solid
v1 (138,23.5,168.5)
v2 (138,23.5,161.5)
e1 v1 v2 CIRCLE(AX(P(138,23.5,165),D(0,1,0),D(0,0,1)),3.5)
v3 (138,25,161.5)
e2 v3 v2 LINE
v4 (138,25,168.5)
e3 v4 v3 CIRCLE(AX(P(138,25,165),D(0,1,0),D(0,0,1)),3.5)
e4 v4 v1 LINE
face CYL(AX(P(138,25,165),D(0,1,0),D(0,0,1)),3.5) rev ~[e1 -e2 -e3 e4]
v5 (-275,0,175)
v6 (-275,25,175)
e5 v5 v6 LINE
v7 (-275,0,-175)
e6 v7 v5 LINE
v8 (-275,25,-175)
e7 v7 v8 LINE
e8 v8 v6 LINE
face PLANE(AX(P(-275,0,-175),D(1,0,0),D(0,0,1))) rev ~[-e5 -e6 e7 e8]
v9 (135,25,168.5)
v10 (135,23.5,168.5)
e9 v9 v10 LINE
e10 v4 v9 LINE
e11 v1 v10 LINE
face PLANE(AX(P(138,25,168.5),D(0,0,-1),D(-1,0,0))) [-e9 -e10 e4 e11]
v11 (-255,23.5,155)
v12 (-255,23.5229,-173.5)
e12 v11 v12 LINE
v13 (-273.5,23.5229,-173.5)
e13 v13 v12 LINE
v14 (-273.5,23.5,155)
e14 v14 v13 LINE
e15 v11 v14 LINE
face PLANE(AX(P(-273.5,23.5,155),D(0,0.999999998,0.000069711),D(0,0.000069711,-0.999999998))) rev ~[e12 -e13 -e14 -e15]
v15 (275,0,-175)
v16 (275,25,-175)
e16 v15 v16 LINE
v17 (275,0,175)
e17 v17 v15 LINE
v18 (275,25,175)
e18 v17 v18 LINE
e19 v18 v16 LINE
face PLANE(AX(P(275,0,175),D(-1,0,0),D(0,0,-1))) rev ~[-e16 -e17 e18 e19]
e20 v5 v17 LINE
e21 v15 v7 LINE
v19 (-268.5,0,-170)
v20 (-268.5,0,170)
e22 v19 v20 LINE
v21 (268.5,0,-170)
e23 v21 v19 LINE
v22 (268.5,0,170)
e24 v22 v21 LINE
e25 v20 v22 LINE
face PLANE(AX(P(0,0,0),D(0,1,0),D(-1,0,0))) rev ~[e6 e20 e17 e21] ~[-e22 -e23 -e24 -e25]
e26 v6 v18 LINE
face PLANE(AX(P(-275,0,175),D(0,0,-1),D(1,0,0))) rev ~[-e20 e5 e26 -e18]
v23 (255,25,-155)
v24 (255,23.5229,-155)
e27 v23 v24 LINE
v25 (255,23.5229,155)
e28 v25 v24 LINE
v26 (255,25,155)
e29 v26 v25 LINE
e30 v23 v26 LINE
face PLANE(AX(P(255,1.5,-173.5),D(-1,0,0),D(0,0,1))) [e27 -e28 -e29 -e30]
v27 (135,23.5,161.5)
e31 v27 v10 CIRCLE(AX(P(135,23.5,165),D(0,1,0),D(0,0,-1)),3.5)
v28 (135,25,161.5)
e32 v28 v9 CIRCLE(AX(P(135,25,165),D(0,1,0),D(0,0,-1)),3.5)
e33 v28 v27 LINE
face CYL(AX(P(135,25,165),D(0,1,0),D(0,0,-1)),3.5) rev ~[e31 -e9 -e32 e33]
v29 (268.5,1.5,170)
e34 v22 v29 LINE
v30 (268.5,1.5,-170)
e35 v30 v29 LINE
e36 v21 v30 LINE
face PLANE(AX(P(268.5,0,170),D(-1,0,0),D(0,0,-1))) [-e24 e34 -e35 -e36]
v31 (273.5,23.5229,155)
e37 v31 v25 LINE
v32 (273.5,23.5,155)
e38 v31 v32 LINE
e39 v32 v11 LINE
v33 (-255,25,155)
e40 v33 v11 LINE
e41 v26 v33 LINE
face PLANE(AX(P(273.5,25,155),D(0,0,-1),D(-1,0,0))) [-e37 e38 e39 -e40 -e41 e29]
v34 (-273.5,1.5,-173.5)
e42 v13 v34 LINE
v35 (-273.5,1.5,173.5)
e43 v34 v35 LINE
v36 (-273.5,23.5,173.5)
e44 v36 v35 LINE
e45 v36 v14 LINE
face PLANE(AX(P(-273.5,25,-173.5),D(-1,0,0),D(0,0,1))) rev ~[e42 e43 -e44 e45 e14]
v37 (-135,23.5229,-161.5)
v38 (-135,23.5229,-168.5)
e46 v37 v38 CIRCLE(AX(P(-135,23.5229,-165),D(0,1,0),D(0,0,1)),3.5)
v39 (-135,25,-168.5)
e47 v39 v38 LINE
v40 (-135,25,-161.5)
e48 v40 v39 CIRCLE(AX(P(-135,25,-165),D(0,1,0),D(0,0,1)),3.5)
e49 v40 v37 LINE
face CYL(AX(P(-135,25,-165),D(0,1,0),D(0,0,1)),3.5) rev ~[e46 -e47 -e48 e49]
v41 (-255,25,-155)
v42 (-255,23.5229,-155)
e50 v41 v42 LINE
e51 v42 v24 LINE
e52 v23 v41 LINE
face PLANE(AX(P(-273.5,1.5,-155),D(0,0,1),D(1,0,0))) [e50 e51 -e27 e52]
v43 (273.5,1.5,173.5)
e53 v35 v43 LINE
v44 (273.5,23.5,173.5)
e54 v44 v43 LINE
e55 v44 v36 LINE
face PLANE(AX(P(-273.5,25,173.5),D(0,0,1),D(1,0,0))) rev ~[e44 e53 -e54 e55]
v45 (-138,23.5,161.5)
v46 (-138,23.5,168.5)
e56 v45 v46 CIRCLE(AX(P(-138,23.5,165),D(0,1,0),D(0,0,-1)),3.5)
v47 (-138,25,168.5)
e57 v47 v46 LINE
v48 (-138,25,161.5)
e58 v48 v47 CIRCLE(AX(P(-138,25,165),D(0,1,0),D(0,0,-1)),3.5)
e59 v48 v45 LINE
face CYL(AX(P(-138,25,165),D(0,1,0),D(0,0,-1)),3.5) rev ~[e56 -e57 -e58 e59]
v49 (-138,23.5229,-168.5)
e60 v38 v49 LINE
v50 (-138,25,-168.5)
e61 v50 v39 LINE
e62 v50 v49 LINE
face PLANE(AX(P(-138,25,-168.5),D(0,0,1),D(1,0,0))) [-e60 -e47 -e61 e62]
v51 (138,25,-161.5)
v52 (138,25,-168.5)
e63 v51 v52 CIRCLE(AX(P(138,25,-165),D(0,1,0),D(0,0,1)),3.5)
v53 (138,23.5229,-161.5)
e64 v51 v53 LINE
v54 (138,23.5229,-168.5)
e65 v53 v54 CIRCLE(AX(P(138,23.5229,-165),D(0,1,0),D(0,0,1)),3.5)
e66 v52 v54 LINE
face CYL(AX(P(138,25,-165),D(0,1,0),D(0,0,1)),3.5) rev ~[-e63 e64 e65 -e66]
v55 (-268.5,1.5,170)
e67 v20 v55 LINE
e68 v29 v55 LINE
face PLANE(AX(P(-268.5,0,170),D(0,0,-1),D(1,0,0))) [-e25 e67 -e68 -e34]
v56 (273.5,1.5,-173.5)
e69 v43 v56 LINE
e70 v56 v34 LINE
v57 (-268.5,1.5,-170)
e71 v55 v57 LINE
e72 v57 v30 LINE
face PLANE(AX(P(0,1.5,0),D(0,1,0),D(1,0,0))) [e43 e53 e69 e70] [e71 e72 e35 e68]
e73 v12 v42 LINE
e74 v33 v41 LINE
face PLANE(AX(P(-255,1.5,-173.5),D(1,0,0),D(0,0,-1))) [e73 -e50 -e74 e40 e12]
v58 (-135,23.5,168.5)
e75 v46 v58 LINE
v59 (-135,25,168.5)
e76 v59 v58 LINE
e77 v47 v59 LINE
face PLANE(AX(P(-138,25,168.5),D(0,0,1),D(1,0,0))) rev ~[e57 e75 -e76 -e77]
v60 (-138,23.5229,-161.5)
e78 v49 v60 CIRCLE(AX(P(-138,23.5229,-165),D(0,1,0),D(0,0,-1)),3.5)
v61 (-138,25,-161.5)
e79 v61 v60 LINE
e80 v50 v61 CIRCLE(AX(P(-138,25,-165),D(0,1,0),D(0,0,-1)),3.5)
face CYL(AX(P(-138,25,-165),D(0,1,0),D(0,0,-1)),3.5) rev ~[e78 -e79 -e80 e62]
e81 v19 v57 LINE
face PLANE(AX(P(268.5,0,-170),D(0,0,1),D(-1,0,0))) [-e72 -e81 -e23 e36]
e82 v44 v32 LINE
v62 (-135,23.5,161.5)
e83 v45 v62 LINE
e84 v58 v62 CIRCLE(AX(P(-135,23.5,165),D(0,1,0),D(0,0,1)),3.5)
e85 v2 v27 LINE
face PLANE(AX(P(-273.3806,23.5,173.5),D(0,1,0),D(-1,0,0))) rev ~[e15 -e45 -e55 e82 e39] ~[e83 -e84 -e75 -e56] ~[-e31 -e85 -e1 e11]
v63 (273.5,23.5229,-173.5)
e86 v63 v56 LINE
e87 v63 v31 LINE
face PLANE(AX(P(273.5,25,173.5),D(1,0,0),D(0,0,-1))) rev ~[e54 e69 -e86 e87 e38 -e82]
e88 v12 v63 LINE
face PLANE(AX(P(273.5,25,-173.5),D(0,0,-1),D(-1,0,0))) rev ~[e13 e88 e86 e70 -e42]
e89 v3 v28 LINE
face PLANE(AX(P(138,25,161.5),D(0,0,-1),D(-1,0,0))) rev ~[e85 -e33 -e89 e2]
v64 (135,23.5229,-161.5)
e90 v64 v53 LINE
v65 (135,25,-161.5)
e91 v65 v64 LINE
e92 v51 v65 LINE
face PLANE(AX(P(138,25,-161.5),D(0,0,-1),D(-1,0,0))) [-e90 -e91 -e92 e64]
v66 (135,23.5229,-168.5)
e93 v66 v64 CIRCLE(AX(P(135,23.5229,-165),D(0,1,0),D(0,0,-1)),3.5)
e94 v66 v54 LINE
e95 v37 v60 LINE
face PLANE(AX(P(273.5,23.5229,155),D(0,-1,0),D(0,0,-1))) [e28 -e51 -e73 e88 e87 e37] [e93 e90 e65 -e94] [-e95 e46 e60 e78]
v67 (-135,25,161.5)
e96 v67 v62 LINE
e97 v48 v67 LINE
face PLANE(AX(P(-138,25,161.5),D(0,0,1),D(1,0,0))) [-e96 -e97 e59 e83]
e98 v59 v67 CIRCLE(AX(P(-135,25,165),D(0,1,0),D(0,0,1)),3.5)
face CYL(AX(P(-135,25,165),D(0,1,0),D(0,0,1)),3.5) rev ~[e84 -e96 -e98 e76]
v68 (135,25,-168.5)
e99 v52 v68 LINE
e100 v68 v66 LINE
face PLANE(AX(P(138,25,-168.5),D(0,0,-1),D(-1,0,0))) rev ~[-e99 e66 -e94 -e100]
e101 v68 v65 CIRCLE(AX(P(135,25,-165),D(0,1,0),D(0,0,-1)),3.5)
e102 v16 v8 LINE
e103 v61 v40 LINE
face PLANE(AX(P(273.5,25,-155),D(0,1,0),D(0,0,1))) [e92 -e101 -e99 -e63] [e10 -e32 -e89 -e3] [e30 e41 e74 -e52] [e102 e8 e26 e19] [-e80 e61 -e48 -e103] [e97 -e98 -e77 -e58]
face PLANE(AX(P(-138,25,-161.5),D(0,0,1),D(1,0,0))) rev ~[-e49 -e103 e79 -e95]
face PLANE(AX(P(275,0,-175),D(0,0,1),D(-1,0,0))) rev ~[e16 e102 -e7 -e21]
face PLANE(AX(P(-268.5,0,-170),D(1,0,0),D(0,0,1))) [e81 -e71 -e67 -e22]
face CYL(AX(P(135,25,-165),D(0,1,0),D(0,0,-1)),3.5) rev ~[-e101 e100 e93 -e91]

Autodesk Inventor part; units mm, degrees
ref_plane "YZ Plane" through (0, 0, 0) normal (1, 0, 0) x (0, 1, 0)
ref_plane "XZ Plane" through (0, 0, 0) normal (0, 1, 0) x (-1, 0, 0)
ref_plane "XY Plane" through (0, 0, 0) normal (0, 0, 1) x (1, 0, 0)
sketch "Boceto1" plane through (0, 0, 0) normal (0, 1, 0) x (-1, 0, 0)
  line L0 (867.2697, 0) -> (-1087.5334, 0) construction
  line L1 (0, 1692.3308) -> (0, -1743.0334) construction
  line L2 (-275, -175) -> (275, -175)
  line L3 (275, -175) -> (275, 175)
  line L4 (275, 175) -> (-275, 175)
  line L5 (-275, 175) -> (-275, -175)
  line L6 (-275, -175) -> (275, 175) construction
  line L7 (275, -175) -> (-275, 175) construction
  point P0 (0, 0)
  dimension "d0" = 550
  dimension "d1" = 350
extrude "Extrusión1" add sketch "Boceto1" along normal blind 25
sketch "Boceto2" plane through (0, 25, 0) normal (0, 1, 0) x (1, 0, 0)
  line L0 (273.5, 173.5) -> (-273.5, 173.5)
  line L1 (-273.5, 173.5) -> (-273.5, -173.5)
  line L2 (-273.5, -173.5) -> (273.5, -173.5)
  line L3 (273.5, -173.5) -> (273.5, 173.5)
  line L4 (273.5, 173.5) -> (-273.5, -173.5) construction
  line L5 (-273.5, 173.5) -> (273.5, -173.5) construction
  line L6 (-275, 175) -> (-275, -175) projected
  line L7 (-275, -175) -> (275, -175) projected
  point P0 (0, 0)
  dimension "d4" = 1.5
  dimension "d5" = 1.5
extrude "Extrusión2" cut sketch "Boceto2" against normal blind 23.5
sketch "Boceto3" plane through (273.5, 25, 173.5) normal (0, 0, -1) x (-1, 0, 0)
  line L0 (0, 0) -> (547, 0) projected
  line L1 (547, 0) -> (0, 0)
  line L2 (0, 0) -> (0, -1.5)
  line L3 (0, -1.5) -> (546.8806, -1.5)
  line L4 (546.8806, -1.5) -> (547, -1.5)
  line L5 (547, -1.5) -> (547, 0)
  point P0 (273.5, -25)
  dimension "d8" = 1.5
extrude "Extrusión3" add sketch "Boceto3" along normal blind 18.5
sketch "Boceto4" plane through (-273.5, 1.5, -173.5) normal (1, 0, 0) x (0, 0, -1)
  line L0 (-328.5, 23.5) -> (0, 23.5) projected
  line L1 (-328.5, 23.5) -> (-328.5, 22) projected
  line L2 (0, 23.5) -> (-328.5, 23.5)
  line L3 (-328.5, 23.5) -> (-328.5, 22)
  line L4 (-328.5, 22) -> (0, 22.0229)
  line L5 (0, 23.5) -> (0, 0) projected
  point P0 (-173.5, -1.5)
  dimension "d11" = 1.5
extrude "Extrusión4" add sketch "Boceto4" along normal blind 18.5
sketch "Boceto5" plane through (-273.5, 1.5, -173.5) normal (0, 0, 1) x (1, 0, 0)
  line L0 (548.5, 23.5) -> (-1.5, 23.5) projected
  line L1 (546.9606, 23.5) -> (18.5241, 23.5)
  line L2 (18.5, 23.5) -> (18.5, 22.0229) projected
  line L3 (18.5, 22.0229) -> (547, 22.0229)
  line L4 (547, 23.5) -> (547, 0) projected
  line L5 (547, 23.5) -> (546.9606, 23.5)
  point P0 (273.5, -1.5)
extrude "Extrusión5" add sketch "Boceto5" along normal blind 18.5
sketch "Boceto6" plane through (273.5, 1.5, -173.5) normal (-1, 0, 0) x (0, 0, 1)
  line L0 (18.5, 23.5) -> (328.5, 23.5) projected
  line L1 (18.5, 23.5) -> (328.5, 23.5)
  line L2 (328.5, 23.5) -> (328.5, 22.0229)
  line L3 (18.5, 23.5) -> (18.5, 22.0229) projected
  line L4 (328.5, 22.0229) -> (18.5, 22.0229)
  line L5 (18.5, 22.0229) -> (18.5, 23.5)
  point P0 (173.5, -1.5)
extrude "Extrusión6" add sketch "Boceto6" along normal blind 18.5
sketch "Boceto7" plane through (0, 0, 0) normal (0, -1, 0) x (1, 0, 0)
  line L0 (268.5, -170) -> (-268.5, -170)
  line L1 (-268.5, -170) -> (-268.5, 170)
  line L2 (-268.5, 170) -> (268.5, 170)
  line L3 (268.5, 170) -> (268.5, -170)
  line L4 (268.5, -170) -> (-268.5, 170) construction
  line L5 (-268.5, -170) -> (268.5, 170) construction
  line L6 (-275, 175) -> (275, 175) projected
  line L7 (-273.5, 173.5) -> (-273.5, -173.5) projected
  point P0 (0, 0)
  dimension "d18" = 5
  dimension "d19" = 5
extrude "Extrusión7" cut sketch "Boceto7" against normal blind 10
sketch "Boceto8" plane through (0, 25, 0) normal (0, 1, 0) x (1, 0, 0)
  line L0 (-268.5, -170) -> (-268.5, 170) projected
  line L1 (-268.5, 122.5507) -> (-268.5, 115.1946)
  line L2 (-268.5, -170) -> (268.5, -170) projected
  line L3 (-149.9016, -170) -> (-169.2021, -170)
  line L4 (-138, -161.5) -> (-135, -161.5)
  line L5 (-138, -168.5) -> (-135, -168.5)
  arc A0 (-138, -161.5) -> (-138, -168.5) centre (-138, -165) ccw
  arc A1 (-135, -168.5) -> (-135, -161.5) centre (-135, -165) ccw
  line L6 (-255, -155) -> (255, -155) projected
  line L7 (-275, 175) -> (-275, -175) projected
  line L8 (-288.7354, 0) -> (111.6009, 0) construction
  line L9 (0, -308.0533) -> (0, 294.465) construction
  line L10 (138, -161.5) -> (135, -161.5)
  line L11 (138, -168.5) -> (135, -168.5)
  arc A2 (138, -168.5) -> (138, -161.5) centre (138, -165) ccw
  arc A3 (135, -161.5) -> (135, -168.5) centre (135, -165) ccw
  line L12 (288.7354, 0) -> (-111.6009, 0) construction
  line L13 (-138, 161.5) -> (-135, 161.5)
  line L14 (-138, 168.5) -> (-135, 168.5)
  arc A4 (-138, 168.5) -> (-138, 161.5) centre (-138, 165) ccw
  arc A5 (-135, 161.5) -> (-135, 168.5) centre (-135, 165) ccw
  arc A6 (135, 168.5) -> (135, 161.5) centre (135, 165) ccw
  line L15 (138, 161.5) -> (135, 161.5)
  arc A7 (138, 161.5) -> (138, 168.5) centre (138, 165) ccw
  line L16 (138, 168.5) -> (135, 168.5)
  point P0 (0, 0)
  dimension "d22" = 10
  dimension "d23" = 7
  dimension "d24" = 3
  dimension "d25" = 137
extrude "Extrusión8" cut sketch "Boceto8" against normal blind 10
properties part number "marco"
